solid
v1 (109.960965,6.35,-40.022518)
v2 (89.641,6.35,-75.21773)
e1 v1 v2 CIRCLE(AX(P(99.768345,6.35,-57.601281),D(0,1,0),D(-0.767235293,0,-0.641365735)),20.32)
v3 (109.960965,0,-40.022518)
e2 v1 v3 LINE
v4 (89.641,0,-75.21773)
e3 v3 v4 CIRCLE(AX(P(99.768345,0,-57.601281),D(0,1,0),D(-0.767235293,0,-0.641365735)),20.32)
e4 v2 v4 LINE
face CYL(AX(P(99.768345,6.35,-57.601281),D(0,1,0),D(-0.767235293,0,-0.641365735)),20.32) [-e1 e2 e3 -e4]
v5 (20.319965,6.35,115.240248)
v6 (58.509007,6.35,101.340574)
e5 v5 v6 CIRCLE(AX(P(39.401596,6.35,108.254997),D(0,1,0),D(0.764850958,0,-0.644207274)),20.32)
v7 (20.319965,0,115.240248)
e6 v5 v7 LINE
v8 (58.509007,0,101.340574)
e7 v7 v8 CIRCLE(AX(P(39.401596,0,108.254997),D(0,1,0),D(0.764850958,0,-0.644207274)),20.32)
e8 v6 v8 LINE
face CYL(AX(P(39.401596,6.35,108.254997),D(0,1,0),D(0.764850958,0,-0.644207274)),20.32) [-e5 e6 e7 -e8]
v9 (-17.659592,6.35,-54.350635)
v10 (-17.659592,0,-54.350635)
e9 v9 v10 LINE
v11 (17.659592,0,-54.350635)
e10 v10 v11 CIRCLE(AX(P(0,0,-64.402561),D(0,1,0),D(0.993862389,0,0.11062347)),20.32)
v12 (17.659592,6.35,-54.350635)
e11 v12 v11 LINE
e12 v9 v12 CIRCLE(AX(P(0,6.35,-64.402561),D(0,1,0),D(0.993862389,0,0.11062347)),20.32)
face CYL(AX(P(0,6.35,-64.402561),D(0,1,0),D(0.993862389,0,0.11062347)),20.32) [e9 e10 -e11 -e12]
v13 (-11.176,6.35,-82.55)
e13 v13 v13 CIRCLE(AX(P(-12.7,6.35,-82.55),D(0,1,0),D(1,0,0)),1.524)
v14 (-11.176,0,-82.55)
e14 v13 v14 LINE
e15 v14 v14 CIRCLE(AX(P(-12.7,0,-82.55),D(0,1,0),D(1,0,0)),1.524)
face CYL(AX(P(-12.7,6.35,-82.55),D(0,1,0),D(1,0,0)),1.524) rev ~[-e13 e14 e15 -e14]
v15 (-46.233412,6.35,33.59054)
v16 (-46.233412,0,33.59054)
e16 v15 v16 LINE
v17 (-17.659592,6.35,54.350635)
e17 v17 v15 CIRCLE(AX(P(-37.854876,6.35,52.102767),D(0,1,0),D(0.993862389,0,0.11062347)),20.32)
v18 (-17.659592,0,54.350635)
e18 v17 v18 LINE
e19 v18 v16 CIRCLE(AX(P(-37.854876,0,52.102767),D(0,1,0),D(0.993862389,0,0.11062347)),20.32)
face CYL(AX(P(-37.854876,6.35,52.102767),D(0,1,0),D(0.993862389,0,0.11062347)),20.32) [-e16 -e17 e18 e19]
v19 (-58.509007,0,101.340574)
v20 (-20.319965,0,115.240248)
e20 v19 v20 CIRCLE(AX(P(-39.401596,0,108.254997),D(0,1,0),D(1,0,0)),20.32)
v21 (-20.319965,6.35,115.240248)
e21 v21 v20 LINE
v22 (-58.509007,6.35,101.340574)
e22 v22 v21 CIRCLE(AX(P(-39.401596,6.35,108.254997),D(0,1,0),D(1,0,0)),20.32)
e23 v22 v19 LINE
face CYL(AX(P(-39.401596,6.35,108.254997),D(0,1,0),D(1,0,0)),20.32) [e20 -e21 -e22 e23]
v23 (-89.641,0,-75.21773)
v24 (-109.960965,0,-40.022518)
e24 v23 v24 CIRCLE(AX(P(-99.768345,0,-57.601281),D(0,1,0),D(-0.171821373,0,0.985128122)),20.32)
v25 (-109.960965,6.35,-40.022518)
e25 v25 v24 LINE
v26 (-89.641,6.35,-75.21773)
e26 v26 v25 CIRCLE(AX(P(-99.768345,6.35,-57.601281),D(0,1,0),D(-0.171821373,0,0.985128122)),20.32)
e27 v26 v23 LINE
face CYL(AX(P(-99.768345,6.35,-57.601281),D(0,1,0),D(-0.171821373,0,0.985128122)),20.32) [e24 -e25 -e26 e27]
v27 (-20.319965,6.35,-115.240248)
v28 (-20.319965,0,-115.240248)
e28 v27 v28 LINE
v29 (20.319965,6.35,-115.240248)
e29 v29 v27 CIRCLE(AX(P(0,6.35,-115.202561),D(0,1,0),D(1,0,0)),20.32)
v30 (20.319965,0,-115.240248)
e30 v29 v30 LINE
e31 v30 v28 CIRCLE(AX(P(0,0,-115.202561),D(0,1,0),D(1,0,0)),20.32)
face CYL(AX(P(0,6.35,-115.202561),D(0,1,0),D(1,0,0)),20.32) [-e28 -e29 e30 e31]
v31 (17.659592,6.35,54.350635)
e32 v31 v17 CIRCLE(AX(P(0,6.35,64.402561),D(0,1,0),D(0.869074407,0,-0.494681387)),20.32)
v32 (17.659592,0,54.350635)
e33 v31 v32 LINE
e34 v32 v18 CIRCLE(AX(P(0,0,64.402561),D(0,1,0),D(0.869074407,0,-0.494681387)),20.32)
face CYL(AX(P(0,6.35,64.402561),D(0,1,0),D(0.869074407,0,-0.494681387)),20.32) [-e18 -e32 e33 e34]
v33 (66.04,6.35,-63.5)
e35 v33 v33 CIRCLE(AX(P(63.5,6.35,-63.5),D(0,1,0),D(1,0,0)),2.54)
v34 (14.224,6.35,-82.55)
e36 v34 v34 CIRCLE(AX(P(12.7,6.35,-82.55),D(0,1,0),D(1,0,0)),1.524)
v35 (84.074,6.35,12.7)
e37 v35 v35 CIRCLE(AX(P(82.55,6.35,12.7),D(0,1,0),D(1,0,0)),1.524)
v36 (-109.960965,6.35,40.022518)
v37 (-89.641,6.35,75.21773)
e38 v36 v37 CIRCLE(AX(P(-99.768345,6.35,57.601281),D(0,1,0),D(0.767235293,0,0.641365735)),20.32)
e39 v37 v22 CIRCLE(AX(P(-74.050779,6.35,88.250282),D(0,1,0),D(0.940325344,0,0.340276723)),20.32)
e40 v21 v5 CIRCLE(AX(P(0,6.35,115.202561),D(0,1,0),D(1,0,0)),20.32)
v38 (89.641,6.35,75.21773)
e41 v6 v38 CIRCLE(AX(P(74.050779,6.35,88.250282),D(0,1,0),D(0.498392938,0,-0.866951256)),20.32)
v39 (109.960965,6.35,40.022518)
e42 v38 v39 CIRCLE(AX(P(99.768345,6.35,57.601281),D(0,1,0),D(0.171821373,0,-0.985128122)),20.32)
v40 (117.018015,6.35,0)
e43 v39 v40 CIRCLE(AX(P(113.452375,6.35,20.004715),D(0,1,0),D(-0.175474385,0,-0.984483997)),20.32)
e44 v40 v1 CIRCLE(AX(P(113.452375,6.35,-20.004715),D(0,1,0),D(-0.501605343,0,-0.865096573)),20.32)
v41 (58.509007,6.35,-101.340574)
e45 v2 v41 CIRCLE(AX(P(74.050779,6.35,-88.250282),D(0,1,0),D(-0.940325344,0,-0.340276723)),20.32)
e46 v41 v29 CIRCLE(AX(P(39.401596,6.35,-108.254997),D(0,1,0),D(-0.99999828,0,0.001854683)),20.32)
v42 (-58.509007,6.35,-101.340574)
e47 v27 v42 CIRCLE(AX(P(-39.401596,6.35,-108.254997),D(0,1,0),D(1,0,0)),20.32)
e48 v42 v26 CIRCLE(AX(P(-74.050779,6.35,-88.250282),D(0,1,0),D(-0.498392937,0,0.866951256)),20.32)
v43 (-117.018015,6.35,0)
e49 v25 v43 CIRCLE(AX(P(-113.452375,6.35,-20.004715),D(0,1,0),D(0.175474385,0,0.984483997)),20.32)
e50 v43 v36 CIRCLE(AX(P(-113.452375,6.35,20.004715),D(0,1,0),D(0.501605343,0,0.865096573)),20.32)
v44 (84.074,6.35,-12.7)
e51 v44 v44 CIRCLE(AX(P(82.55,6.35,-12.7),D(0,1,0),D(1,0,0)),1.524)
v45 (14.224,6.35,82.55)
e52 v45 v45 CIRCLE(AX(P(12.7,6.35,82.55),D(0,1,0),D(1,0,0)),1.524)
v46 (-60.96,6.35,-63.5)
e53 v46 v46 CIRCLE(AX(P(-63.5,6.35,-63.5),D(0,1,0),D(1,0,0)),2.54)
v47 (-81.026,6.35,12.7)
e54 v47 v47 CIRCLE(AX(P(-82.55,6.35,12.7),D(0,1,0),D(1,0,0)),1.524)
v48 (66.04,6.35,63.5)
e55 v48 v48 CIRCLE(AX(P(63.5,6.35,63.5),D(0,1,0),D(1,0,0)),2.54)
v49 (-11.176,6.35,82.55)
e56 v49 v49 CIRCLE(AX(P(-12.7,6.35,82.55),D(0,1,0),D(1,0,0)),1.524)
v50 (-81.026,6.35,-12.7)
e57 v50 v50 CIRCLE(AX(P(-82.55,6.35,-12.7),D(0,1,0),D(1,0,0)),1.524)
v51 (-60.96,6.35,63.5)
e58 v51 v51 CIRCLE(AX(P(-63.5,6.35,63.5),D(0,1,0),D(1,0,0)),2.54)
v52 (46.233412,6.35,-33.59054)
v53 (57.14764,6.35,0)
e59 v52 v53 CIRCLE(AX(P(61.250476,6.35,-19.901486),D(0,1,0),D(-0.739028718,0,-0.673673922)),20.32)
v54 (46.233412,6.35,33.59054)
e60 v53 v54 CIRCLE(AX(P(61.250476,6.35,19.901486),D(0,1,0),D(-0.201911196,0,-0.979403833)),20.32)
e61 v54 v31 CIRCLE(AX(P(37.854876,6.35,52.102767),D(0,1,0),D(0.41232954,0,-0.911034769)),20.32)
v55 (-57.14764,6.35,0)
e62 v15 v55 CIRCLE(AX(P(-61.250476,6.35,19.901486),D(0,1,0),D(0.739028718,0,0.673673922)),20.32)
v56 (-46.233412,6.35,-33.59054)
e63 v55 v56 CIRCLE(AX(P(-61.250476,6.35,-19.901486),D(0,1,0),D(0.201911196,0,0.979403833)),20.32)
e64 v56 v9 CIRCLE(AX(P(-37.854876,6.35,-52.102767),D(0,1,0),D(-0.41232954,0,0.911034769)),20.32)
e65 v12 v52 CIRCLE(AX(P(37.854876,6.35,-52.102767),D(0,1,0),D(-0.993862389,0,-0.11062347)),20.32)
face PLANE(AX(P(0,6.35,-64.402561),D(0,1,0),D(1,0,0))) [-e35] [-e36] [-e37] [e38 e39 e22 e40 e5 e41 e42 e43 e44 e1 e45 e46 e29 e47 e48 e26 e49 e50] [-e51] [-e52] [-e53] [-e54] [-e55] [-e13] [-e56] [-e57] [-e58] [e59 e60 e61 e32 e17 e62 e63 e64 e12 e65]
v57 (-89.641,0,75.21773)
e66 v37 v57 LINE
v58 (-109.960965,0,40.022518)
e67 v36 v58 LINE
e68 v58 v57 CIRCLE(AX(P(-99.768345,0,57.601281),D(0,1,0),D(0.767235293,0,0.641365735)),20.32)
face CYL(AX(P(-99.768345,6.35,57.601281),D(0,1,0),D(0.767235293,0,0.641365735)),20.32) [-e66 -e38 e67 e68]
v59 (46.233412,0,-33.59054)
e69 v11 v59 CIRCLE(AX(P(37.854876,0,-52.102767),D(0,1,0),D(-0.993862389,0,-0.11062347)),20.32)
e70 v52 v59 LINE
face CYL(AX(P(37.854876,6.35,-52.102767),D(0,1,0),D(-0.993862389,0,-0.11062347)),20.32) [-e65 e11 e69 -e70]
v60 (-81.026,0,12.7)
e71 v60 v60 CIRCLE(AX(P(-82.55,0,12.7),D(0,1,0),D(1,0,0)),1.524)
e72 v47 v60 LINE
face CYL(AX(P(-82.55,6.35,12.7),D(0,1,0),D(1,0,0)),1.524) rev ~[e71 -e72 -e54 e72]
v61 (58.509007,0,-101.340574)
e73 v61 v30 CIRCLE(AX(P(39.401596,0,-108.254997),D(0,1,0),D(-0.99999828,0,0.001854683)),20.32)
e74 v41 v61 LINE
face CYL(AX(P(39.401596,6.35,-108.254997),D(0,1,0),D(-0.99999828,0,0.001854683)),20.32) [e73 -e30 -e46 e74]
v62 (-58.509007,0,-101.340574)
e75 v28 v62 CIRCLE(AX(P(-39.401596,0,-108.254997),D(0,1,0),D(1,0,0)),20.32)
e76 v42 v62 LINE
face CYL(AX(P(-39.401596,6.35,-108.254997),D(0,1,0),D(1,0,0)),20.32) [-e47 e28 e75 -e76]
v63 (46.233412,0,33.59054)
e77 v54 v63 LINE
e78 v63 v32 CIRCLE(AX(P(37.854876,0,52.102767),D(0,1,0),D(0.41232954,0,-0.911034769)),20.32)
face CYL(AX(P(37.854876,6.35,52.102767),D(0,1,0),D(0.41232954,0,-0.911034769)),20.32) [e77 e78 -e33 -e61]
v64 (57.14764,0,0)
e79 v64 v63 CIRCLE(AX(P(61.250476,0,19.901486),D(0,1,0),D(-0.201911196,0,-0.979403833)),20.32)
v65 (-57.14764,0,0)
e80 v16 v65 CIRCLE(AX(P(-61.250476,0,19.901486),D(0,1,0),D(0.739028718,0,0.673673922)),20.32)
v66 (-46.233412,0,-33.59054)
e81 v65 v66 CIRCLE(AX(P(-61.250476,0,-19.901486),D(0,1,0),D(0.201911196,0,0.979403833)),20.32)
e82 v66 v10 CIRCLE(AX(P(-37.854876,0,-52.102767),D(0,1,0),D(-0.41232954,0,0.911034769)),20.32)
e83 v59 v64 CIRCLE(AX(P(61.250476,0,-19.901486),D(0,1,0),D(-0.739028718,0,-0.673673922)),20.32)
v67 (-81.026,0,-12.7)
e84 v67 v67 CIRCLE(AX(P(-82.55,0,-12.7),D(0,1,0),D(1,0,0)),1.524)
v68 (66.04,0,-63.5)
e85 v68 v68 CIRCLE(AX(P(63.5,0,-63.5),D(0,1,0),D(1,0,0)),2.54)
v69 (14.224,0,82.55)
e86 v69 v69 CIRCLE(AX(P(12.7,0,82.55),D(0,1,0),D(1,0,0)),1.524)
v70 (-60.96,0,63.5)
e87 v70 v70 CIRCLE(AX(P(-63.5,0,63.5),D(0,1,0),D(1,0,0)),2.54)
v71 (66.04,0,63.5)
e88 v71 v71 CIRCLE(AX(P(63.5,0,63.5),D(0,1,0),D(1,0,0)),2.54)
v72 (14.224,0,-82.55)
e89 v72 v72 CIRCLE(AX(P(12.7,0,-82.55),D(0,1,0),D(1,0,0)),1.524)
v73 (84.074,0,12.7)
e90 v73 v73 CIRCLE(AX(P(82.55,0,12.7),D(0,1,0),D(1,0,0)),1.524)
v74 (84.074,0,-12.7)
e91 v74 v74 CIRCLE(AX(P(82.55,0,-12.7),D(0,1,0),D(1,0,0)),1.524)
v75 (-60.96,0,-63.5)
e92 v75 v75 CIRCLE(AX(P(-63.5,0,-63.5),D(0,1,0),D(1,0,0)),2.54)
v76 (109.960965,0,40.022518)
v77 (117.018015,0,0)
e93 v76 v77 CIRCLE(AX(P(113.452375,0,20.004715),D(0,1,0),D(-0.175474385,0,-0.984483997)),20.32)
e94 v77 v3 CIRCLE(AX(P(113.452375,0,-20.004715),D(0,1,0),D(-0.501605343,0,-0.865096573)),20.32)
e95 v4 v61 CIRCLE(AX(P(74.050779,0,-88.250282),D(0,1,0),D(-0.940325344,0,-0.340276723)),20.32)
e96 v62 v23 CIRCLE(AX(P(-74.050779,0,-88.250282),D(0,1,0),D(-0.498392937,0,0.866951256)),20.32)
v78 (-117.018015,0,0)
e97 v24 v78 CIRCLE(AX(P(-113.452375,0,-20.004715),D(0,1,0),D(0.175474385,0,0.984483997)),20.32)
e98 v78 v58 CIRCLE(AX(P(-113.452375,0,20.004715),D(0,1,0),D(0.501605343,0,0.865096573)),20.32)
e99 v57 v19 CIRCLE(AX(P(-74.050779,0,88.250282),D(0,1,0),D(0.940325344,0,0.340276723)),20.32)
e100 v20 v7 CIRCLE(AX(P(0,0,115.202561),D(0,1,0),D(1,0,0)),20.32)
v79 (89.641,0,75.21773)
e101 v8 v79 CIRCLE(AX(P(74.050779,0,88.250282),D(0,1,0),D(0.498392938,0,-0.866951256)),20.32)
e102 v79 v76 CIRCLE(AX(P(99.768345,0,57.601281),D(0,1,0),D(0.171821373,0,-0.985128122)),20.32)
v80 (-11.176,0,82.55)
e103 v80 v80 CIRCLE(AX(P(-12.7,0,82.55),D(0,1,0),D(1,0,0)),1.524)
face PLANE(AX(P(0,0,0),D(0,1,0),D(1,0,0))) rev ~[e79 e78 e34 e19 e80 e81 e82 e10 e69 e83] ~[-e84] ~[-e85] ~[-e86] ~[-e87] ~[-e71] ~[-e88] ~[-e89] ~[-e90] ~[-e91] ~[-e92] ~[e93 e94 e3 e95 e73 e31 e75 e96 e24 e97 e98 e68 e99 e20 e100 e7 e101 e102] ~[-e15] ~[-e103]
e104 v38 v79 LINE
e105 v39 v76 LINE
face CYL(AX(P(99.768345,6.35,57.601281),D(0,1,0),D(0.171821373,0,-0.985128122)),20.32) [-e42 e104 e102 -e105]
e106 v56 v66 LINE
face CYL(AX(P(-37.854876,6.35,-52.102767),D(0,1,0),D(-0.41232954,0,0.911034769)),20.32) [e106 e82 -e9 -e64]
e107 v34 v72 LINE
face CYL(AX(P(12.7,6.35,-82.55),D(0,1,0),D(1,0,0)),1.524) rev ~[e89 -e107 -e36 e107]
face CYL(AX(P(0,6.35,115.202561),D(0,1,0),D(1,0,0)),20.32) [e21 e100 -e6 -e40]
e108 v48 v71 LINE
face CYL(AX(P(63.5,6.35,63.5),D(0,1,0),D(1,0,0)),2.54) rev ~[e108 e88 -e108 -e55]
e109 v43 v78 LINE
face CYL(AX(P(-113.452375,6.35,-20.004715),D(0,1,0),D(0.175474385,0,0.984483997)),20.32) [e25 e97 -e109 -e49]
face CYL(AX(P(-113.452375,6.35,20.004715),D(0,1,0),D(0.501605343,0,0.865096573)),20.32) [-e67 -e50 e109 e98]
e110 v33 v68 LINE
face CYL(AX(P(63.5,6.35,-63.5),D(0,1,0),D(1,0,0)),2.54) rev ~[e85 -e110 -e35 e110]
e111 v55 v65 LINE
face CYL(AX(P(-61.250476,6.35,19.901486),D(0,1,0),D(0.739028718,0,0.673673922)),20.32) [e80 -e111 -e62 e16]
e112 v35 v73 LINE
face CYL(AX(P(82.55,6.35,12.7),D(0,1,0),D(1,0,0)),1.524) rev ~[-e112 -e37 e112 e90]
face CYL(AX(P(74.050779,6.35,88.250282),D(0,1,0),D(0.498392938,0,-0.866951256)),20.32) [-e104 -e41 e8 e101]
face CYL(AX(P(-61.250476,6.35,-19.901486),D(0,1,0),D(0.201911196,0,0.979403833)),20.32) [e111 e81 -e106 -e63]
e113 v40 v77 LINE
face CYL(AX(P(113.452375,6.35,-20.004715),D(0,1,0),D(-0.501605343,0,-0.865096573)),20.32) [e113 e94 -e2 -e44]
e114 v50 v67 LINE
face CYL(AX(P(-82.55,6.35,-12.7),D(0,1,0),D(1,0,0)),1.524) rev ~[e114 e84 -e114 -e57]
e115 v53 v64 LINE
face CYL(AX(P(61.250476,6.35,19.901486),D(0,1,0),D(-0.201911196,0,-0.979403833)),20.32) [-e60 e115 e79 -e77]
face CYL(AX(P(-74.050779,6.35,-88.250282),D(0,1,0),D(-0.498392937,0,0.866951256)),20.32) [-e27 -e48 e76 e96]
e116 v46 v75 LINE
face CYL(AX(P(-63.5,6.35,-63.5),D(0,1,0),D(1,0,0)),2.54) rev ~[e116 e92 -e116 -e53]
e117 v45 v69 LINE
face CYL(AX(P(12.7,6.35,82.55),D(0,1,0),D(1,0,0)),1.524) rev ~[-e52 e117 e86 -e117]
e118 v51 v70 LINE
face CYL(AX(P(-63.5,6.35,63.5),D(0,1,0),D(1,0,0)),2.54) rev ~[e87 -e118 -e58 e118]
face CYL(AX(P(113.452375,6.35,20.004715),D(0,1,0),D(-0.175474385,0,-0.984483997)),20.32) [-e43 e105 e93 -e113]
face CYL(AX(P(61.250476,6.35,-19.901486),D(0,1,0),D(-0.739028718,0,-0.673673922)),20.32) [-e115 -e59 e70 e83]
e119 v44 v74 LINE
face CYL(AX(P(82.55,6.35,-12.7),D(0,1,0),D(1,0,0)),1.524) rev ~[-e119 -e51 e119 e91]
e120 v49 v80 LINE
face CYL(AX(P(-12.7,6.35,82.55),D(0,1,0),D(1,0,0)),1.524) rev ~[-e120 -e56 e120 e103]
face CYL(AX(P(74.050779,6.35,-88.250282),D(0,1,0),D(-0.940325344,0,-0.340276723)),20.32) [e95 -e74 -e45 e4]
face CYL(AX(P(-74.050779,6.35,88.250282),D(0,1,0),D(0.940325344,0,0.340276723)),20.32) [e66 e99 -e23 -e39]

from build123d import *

# Parameters (mm, degrees)
SKETCH1_R           = 115.202561211
SKETCH1_R_2         = 64.402561211
BOSS_EXTRUDE1_DEPTH = 6.35
SKETCH2_R           = 20.32
BOSS_EXTRUDE2_DEPTH = 6.35
SKETCH3_R           = 2.54
SKETCH3_R_2         = 1.524
CUT_EXTRUDE1_DEPTH  = 7.35


with BuildPart() as part:
    # Sketch1 → Boss-Extrude1 (new body)
    with BuildSketch(Plane(origin=(0, 0, 0), x_dir=(1, 0, 0), z_dir=(0, 1, 0))):
        Circle(SKETCH1_R)
        Circle(SKETCH1_R_2, mode=Mode.SUBTRACT)
    extrude(amount=BOSS_EXTRUDE1_DEPTH)

    # Sketch2 → Boss-Extrude2 (add)
    with BuildSketch(Plane(origin=(0, 6.35, 0), x_dir=(1, 0, 0), z_dir=(0, 1, 0))):
        with Locations((0, 64.402561211)):
            Circle(SKETCH2_R)
        with Locations((0, 115.202561211)):
            Circle(SKETCH2_R)
        with Locations((37.85487569, 52.102766501)):
            Circle(SKETCH2_R)
        with Locations((61.250475506, 19.901485895)):
            Circle(SKETCH2_R)
        with Locations((61.250475506, -19.901485895)):
            Circle(SKETCH2_R)
        with Locations((37.85487569, -52.102766501)):
            Circle(SKETCH2_R)
        with Locations((0, -64.402561211)):
            Circle(SKETCH2_R)
        with Locations((-37.85487569, -52.102766501)):
            Circle(SKETCH2_R)
        with Locations((-61.250475506, -19.901485895)):
            Circle(SKETCH2_R)
        with Locations((-61.250475506, 19.901485895)):
            Circle(SKETCH2_R)
        with Locations((-37.85487569, 52.102766501)):
            Circle(SKETCH2_R)
        with Locations((39.401596497, 108.254996665)):
            Circle(SKETCH2_R)
        with Locations((74.05077895, 88.250281849)):
            Circle(SKETCH2_R)
        with Locations((99.768344589, 57.601280605)):
            Circle(SKETCH2_R)
        with Locations((113.452375447, 20.004714817)):
            Circle(SKETCH2_R)
        with Locations((113.452375447, -20.004714817)):
            Circle(SKETCH2_R)
        with Locations((99.76834459, -57.601280605)):
            Circle(SKETCH2_R)
        with Locations((74.05077895, -88.250281849)):
            Circle(SKETCH2_R)
        with Locations((39.401596497, -108.254996665)):
            Circle(SKETCH2_R)
        with Locations((0, -115.202561211)):
            Circle(SKETCH2_R)
        with Locations((-39.401596497, -108.254996665)):
            Circle(SKETCH2_R)
        with Locations((-74.05077895, -88.250281849)):
            Circle(SKETCH2_R)
        with Locations((-99.768344589, -57.601280605)):
            Circle(SKETCH2_R)
        with Locations((-113.452375447, -20.004714817)):
            Circle(SKETCH2_R)
        with Locations((-113.452375447, 20.004714817)):
            Circle(SKETCH2_R)
        with Locations((-99.768344589, 57.601280605)):
            Circle(SKETCH2_R)
        with Locations((-74.05077895, 88.250281849)):
            Circle(SKETCH2_R)
        with Locations((-39.401596497, 108.254996665)):
            Circle(SKETCH2_R)
    extrude(amount=-BOSS_EXTRUDE2_DEPTH)

    # Sketch3 → Cut-Extrude1 (cut, through all)
    with BuildSketch(Plane(origin=(0, 6.35, 0), x_dir=(1, 0, 0), z_dir=(0, 1, 0))):
        with Locations((-63.5, 63.5)):
            Circle(SKETCH3_R)
        with Locations((-63.5, -63.5)):
            Circle(SKETCH3_R)
        with Locations((63.5, 63.5)):
            Circle(SKETCH3_R)
        with Locations((63.5, -63.5)):
            Circle(SKETCH3_R)
        with Locations((-12.7, 82.55)):
            Circle(SKETCH3_R_2)
        with Locations((12.7, 82.55)):
            Circle(SKETCH3_R_2)
        with Locations((82.55, 12.7)):
            Circle(SKETCH3_R_2)
        with Locations((82.55, -12.7)):
            Circle(SKETCH3_R_2)
        with Locations((12.7, -82.55)):
            Circle(SKETCH3_R_2)
        with Locations((-12.7, -82.55)):
            Circle(SKETCH3_R_2)
        with Locations((-82.55, -12.7)):
            Circle(SKETCH3_R_2)
        with Locations((-82.55, 12.7)):
            Circle(SKETCH3_R_2)
    extrude(amount=-CUT_EXTRUDE1_DEPTH, mode=Mode.SUBTRACT)


solid = part.part
